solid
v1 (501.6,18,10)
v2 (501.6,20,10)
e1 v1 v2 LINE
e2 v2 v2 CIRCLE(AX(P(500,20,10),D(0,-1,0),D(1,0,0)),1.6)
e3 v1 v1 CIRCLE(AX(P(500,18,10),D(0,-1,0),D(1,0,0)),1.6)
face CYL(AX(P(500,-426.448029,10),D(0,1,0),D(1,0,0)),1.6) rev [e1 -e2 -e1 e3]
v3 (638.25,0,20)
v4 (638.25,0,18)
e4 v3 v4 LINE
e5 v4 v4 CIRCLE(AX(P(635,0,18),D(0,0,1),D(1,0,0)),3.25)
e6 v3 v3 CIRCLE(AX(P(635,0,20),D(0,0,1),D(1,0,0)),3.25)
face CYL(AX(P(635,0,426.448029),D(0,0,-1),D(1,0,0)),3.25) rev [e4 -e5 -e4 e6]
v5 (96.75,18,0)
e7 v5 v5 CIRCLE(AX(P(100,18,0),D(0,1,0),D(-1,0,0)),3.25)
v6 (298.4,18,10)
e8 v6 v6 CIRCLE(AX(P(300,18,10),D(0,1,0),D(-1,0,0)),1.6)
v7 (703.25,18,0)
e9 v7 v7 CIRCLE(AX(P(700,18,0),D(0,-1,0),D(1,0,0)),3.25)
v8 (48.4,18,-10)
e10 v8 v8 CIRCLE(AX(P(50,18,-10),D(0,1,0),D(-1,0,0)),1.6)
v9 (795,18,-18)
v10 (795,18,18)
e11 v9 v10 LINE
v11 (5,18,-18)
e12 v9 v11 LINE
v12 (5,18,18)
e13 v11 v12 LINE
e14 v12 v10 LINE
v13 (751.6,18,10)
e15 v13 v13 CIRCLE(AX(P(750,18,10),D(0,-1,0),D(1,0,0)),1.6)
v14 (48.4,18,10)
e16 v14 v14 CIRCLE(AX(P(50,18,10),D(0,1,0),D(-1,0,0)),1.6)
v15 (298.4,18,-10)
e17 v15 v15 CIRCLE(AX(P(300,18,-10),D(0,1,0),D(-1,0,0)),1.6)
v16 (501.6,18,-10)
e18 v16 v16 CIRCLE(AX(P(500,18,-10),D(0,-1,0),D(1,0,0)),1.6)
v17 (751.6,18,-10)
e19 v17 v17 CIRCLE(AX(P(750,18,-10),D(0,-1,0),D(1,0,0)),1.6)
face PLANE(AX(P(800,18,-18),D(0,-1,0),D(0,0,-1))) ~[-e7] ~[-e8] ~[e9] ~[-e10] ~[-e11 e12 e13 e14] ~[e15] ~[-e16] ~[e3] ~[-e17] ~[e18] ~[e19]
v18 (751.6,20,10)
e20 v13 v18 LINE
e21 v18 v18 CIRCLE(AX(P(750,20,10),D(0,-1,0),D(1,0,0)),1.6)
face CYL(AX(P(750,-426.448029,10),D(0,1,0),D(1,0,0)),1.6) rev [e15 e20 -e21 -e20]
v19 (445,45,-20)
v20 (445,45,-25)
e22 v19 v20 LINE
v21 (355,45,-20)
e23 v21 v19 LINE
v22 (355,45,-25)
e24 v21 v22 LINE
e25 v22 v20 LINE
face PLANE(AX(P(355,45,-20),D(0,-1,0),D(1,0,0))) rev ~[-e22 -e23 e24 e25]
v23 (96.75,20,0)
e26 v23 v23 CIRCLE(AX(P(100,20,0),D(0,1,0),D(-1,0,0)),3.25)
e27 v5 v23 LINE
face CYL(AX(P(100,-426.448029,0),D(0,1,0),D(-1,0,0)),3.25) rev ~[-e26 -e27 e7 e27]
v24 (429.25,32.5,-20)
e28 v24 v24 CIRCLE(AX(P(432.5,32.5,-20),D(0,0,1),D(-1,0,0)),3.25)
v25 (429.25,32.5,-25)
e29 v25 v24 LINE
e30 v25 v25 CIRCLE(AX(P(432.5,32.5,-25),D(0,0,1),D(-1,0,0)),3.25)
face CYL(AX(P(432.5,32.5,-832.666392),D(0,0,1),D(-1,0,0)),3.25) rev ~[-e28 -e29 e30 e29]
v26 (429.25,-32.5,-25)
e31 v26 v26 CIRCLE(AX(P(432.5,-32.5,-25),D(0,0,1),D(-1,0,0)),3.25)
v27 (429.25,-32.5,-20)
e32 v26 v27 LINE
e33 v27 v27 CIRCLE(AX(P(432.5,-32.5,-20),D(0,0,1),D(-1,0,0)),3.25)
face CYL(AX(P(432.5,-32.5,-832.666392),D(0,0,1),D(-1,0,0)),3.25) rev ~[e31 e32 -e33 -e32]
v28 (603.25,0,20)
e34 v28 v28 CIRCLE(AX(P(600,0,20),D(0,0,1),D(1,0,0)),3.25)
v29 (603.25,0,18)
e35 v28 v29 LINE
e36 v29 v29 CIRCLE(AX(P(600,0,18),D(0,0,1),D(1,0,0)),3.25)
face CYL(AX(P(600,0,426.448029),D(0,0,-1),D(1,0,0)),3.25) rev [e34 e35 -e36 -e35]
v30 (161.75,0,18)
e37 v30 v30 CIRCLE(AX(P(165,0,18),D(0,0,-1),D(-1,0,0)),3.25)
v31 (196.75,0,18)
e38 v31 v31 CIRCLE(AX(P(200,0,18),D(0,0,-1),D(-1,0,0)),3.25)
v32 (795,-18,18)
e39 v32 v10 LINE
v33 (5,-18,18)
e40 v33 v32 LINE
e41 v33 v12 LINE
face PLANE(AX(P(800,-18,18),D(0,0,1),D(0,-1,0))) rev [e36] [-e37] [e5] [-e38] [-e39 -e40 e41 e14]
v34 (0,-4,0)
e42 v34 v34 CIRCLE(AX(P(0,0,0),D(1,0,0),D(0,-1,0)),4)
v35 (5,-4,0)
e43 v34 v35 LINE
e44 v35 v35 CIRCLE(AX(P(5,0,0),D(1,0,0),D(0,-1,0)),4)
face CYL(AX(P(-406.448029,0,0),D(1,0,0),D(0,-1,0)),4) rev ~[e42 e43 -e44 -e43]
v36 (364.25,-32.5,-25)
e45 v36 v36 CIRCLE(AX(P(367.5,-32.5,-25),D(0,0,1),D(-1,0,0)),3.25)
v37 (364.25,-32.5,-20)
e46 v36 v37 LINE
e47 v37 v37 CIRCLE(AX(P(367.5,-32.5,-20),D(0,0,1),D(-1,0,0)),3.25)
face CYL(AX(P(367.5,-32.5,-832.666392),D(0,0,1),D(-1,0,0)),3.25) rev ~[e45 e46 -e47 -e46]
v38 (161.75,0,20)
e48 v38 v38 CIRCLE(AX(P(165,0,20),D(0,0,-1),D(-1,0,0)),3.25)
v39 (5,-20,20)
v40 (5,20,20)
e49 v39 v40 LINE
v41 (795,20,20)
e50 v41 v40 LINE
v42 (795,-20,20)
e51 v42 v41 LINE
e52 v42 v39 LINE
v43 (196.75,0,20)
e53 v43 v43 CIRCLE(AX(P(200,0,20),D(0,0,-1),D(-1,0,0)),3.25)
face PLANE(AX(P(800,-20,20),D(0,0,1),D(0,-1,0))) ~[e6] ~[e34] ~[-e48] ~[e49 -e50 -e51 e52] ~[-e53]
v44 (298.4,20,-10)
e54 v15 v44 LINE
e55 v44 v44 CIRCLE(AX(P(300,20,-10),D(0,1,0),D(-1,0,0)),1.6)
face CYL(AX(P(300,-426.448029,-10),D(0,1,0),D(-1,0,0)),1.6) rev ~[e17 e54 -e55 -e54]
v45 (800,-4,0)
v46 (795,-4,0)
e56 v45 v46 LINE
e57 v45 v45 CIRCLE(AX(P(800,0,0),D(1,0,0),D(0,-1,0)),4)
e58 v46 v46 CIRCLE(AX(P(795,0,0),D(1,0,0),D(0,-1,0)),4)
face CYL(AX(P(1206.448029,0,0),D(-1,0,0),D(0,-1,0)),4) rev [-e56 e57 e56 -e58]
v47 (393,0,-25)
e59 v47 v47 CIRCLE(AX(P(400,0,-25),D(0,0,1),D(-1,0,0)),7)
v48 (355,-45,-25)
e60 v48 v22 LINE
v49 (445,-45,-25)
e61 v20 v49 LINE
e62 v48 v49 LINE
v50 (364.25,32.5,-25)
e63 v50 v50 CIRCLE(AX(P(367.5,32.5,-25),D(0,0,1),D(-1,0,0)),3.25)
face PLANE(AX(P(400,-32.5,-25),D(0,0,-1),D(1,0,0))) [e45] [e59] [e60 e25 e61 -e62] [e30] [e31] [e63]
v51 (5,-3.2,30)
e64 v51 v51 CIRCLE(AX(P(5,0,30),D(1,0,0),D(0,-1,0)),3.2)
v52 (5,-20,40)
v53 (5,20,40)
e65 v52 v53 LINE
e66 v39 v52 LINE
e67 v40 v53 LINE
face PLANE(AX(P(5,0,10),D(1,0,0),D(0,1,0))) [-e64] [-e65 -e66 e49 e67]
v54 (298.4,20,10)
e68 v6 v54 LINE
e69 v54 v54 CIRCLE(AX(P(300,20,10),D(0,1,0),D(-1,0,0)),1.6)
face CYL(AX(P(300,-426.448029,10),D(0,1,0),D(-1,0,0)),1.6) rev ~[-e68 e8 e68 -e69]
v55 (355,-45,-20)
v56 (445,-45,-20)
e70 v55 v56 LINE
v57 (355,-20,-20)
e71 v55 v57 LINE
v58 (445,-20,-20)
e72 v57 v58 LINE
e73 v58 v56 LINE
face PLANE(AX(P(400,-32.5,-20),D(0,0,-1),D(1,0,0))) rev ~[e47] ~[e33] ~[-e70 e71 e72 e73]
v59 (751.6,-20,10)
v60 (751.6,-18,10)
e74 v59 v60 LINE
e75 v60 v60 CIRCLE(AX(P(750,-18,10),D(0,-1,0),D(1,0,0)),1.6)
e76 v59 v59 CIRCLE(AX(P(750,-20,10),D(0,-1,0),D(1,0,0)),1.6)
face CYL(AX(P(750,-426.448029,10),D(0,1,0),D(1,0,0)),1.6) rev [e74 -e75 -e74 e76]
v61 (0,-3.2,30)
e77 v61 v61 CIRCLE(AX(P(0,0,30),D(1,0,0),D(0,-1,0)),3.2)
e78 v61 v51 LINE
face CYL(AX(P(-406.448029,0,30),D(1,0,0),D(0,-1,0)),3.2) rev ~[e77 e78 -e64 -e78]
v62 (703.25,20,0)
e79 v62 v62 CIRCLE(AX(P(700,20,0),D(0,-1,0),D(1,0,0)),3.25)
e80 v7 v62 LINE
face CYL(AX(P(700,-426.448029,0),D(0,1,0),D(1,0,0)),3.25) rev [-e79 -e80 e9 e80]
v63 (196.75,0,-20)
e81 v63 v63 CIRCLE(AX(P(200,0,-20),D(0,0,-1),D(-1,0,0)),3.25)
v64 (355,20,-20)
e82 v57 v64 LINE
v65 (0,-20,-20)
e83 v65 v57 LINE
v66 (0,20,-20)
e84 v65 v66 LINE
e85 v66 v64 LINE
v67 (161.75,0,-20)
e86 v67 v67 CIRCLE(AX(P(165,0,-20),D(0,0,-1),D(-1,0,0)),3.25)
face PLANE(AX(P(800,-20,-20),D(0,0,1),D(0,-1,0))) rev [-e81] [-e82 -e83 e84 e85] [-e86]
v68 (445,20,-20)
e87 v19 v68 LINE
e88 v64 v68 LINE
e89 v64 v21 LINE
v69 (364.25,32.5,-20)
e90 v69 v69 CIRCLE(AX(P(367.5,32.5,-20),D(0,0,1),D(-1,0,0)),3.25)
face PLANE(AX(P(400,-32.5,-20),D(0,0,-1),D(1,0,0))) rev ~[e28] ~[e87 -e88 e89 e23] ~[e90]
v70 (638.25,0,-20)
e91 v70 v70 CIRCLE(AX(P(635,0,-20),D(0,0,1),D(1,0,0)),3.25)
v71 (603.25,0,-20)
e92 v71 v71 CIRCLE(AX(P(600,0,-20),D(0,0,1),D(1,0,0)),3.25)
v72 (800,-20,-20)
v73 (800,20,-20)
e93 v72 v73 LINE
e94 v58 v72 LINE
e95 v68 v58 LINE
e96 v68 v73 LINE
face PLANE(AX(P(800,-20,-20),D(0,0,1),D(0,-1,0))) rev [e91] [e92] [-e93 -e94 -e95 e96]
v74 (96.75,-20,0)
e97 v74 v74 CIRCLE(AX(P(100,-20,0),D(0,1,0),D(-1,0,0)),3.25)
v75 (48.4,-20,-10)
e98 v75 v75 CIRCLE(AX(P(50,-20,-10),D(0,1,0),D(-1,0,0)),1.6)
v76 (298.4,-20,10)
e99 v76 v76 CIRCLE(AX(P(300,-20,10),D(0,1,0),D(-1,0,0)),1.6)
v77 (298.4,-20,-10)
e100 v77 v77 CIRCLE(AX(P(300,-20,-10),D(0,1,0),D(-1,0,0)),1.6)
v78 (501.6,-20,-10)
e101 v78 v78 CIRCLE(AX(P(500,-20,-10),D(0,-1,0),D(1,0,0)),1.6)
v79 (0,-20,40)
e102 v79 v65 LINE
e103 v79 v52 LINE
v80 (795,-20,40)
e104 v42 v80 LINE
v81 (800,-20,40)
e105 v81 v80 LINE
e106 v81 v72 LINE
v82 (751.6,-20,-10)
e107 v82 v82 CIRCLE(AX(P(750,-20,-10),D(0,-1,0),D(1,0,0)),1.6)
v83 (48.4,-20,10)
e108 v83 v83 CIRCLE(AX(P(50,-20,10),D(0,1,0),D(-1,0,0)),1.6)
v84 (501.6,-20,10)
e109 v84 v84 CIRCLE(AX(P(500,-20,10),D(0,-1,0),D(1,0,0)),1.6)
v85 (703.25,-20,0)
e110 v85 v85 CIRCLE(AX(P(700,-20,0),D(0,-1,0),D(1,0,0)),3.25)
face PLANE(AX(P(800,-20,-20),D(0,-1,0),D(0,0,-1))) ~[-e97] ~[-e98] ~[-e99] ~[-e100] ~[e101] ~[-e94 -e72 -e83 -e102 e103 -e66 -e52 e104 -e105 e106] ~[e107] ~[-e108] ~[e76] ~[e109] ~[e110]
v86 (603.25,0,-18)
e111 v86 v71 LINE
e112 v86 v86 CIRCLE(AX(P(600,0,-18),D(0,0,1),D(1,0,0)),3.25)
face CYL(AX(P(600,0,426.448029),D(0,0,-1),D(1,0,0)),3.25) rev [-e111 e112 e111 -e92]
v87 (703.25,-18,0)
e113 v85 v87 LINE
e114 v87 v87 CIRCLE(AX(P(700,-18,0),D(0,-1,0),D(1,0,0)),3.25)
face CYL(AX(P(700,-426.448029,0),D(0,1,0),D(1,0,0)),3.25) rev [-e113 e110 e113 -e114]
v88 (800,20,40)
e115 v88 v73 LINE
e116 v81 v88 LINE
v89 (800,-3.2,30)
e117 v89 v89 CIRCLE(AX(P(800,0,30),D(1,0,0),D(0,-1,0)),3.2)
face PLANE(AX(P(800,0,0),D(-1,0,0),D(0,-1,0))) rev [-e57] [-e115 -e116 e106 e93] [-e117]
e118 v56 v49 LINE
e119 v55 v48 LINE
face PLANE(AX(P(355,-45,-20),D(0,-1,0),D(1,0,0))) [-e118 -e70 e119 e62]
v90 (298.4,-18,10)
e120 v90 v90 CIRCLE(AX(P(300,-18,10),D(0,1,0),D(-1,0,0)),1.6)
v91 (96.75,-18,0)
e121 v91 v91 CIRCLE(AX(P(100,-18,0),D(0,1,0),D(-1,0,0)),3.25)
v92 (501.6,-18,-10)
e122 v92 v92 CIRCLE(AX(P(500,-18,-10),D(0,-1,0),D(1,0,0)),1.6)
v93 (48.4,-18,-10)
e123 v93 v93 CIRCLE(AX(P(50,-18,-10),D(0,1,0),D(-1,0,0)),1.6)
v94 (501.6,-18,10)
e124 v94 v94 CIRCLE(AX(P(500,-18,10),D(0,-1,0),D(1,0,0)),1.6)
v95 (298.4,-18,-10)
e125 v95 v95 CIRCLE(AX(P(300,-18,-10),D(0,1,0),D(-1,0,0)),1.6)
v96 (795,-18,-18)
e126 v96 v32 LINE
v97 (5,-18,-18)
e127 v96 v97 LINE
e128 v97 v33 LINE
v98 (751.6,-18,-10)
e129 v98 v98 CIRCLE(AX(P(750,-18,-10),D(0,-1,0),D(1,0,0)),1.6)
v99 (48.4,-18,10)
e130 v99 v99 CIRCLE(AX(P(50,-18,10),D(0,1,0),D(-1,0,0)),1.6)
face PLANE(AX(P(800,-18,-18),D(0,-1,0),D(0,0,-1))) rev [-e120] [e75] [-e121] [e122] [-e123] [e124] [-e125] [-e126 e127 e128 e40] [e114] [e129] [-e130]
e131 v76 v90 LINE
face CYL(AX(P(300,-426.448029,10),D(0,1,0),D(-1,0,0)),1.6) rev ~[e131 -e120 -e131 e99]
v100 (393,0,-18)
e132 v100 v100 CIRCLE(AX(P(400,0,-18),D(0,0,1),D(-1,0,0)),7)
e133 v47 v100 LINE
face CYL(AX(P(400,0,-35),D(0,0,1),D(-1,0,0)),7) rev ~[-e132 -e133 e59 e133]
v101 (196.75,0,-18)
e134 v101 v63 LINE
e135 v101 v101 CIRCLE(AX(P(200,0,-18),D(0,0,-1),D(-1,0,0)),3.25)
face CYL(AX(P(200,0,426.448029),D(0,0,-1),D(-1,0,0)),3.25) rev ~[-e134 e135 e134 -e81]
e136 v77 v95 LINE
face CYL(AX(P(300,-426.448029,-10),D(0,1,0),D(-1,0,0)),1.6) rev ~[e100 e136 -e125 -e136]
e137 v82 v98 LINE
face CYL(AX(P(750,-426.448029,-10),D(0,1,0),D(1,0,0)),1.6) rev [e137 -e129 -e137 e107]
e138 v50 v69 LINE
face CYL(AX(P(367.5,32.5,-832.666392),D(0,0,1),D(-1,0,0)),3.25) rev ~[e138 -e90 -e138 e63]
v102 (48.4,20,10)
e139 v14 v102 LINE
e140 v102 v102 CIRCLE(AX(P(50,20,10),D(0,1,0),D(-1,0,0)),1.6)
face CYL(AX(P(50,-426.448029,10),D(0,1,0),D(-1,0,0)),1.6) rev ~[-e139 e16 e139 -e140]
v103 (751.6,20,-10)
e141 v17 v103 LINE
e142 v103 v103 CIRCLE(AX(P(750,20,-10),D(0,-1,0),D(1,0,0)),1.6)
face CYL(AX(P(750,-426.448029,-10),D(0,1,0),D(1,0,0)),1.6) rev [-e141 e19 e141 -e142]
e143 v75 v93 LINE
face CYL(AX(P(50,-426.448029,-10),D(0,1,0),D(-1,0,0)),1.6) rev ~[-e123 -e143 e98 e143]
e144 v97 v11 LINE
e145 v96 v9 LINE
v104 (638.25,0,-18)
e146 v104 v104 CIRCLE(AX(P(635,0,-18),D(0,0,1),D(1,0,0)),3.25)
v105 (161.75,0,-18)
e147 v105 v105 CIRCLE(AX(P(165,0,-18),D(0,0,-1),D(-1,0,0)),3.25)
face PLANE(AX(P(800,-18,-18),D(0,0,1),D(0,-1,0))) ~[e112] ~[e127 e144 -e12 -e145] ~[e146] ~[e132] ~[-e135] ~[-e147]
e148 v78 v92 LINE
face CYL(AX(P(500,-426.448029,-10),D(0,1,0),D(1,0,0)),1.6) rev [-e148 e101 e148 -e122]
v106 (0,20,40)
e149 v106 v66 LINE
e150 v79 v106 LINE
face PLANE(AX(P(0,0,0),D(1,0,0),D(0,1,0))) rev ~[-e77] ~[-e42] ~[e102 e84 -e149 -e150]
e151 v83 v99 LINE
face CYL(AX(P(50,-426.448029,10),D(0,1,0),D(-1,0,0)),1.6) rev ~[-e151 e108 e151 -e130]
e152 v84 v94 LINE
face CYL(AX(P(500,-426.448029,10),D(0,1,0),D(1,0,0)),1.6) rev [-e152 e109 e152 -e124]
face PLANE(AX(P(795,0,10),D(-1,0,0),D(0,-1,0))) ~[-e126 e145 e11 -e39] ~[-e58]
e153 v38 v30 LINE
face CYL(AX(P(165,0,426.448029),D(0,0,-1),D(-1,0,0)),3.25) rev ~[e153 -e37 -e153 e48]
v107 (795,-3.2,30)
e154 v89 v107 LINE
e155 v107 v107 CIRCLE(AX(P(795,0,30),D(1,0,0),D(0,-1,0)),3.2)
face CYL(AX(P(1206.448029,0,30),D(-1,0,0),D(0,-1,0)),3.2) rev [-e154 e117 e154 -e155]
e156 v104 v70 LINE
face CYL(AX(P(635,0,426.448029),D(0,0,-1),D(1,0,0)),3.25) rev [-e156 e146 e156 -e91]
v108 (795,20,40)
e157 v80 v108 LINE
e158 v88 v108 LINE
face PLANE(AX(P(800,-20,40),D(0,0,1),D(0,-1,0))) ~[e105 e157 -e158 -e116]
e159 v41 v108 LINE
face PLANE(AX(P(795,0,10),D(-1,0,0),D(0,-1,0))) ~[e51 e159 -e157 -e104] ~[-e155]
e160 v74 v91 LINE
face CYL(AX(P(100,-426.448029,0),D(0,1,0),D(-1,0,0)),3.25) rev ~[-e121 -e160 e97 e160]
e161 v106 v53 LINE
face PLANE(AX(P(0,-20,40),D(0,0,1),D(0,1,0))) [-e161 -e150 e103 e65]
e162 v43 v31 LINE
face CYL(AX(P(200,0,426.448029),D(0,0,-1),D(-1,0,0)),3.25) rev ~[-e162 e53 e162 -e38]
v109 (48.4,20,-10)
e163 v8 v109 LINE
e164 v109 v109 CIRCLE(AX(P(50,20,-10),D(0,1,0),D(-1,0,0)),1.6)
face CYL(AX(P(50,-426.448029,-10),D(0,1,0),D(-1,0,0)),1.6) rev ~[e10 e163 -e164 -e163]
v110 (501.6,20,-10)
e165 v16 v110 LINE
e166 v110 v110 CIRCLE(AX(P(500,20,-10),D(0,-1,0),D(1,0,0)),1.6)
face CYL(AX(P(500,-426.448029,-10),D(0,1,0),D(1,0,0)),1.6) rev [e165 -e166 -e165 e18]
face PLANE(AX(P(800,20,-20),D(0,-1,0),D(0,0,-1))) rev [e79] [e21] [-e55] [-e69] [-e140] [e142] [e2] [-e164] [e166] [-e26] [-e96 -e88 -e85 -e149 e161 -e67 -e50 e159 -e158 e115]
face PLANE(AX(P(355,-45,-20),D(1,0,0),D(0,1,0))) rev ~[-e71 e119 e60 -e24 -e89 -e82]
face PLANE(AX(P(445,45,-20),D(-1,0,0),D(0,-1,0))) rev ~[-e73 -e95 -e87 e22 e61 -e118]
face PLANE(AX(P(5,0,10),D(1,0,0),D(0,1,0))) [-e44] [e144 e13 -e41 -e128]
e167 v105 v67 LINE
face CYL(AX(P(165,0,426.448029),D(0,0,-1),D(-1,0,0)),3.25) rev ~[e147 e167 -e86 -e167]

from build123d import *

# Parameters (mm, degrees)
F0_W      = 40
F0_H      = 40
F0_W_2    = 36
F0_H_2    = 36
F1_DEPTH  = 400
F2_W      = 40
F2_H      = 60
F3_DEPTH  = 5
F4_D      = 6.4
F6_D      = 6.5
F8_D      = 3.2
F9_D      = 8
F10_D     = 6.5
F13_W     = 90
F13_H     = 25
F13_H_2   = 40
F14_DEPTH = 5
F16_D     = 6.5
F17_D     = 14
F17_DEPTH = 10
F17_TIP   = 4.2060243332


with BuildPart() as f1:
    # F0 (on Right) → F1 (new body)
    with BuildSketch(Plane.YZ):
        Rectangle(F0_W, F0_H)
        Rectangle(F0_W_2, F0_H_2, mode=Mode.SUBTRACT)
    extrude(amount=F1_DEPTH)

    # F2 (on Right) → F3 (join)
    with BuildSketch(Plane.YZ):
        with Locations((0, 10)):
            Rectangle(F2_W, F2_H)
    extrude(amount=F3_DEPTH)

    # F4 (through all)
    with Locations(Plane(origin=(0, 0, 0), x_dir=(0, 1, 0), z_dir=(-1, 0, 0))):
        with Locations((0, -30)):
            Hole(F4_D / 2)

    # F6 (through all)
    with Locations(Plane.XY.offset(20)):
        with Locations((165, 0), (200, 0)):
            Hole(F6_D / 2)

    # F8 (through all)
    with Locations(Plane.XZ.offset(20)):
        with Locations((50, 10), (50, -10), (300, 10), (300, -10)):
            Hole(F8_D / 2)

    # F9 (through all)
    with Locations(Plane(origin=(0, 0, 0), x_dir=(0, 1, 0), z_dir=(-1, 0, 0))):
        with Locations((0, 0)):
            Hole(F9_D / 2)

    # F10 (through all)
    with Locations(Plane.XZ.offset(20)):
        with Locations((100, 0)):
            Hole(F10_D / 2)

    # F12: F1 across face


with BuildPart() as f1_1:
    add(f1.part)
    add(f1.part.mirror(Plane.YZ.offset(400)))

    # F13 (on face) → F14 (join)
    with BuildSketch(Plane(origin=(0, 0, -20), x_dir=(1, 0, 0), z_dir=(0, 0, -1))):
        with Locations((400, 32.5)):
            Rectangle(F13_W, F13_H)
        with Locations((400, -32.5)):
            Rectangle(F13_W, F13_H)
        with Locations((400, 0)):
            Rectangle(F13_W, F13_H_2)
    extrude(amount=F14_DEPTH)

    # F16 (through all)
    with Locations(Plane(origin=(0, 0, -25), x_dir=(1, 0, 0), z_dir=(0, 0, -1))):
        with Locations((367.5, 32.5), (432.5, 32.5), (432.5, -32.5), (367.5, -32.5)):
            Hole(F16_D / 2)

    # F17
    with Locations(Plane(origin=(0, 0, -25), x_dir=(1, 0, 0), z_dir=(0, 0, -1))):
        with Locations((400, 0)):
            Hole(F17_D / 2, depth=F17_DEPTH)
            with Locations((0, 0, -(F17_DEPTH + F17_TIP / 2))):  # 118° drill point
                Cone(0, F17_D / 2, F17_TIP, mode=Mode.SUBTRACT)


solid = f1_1.part
